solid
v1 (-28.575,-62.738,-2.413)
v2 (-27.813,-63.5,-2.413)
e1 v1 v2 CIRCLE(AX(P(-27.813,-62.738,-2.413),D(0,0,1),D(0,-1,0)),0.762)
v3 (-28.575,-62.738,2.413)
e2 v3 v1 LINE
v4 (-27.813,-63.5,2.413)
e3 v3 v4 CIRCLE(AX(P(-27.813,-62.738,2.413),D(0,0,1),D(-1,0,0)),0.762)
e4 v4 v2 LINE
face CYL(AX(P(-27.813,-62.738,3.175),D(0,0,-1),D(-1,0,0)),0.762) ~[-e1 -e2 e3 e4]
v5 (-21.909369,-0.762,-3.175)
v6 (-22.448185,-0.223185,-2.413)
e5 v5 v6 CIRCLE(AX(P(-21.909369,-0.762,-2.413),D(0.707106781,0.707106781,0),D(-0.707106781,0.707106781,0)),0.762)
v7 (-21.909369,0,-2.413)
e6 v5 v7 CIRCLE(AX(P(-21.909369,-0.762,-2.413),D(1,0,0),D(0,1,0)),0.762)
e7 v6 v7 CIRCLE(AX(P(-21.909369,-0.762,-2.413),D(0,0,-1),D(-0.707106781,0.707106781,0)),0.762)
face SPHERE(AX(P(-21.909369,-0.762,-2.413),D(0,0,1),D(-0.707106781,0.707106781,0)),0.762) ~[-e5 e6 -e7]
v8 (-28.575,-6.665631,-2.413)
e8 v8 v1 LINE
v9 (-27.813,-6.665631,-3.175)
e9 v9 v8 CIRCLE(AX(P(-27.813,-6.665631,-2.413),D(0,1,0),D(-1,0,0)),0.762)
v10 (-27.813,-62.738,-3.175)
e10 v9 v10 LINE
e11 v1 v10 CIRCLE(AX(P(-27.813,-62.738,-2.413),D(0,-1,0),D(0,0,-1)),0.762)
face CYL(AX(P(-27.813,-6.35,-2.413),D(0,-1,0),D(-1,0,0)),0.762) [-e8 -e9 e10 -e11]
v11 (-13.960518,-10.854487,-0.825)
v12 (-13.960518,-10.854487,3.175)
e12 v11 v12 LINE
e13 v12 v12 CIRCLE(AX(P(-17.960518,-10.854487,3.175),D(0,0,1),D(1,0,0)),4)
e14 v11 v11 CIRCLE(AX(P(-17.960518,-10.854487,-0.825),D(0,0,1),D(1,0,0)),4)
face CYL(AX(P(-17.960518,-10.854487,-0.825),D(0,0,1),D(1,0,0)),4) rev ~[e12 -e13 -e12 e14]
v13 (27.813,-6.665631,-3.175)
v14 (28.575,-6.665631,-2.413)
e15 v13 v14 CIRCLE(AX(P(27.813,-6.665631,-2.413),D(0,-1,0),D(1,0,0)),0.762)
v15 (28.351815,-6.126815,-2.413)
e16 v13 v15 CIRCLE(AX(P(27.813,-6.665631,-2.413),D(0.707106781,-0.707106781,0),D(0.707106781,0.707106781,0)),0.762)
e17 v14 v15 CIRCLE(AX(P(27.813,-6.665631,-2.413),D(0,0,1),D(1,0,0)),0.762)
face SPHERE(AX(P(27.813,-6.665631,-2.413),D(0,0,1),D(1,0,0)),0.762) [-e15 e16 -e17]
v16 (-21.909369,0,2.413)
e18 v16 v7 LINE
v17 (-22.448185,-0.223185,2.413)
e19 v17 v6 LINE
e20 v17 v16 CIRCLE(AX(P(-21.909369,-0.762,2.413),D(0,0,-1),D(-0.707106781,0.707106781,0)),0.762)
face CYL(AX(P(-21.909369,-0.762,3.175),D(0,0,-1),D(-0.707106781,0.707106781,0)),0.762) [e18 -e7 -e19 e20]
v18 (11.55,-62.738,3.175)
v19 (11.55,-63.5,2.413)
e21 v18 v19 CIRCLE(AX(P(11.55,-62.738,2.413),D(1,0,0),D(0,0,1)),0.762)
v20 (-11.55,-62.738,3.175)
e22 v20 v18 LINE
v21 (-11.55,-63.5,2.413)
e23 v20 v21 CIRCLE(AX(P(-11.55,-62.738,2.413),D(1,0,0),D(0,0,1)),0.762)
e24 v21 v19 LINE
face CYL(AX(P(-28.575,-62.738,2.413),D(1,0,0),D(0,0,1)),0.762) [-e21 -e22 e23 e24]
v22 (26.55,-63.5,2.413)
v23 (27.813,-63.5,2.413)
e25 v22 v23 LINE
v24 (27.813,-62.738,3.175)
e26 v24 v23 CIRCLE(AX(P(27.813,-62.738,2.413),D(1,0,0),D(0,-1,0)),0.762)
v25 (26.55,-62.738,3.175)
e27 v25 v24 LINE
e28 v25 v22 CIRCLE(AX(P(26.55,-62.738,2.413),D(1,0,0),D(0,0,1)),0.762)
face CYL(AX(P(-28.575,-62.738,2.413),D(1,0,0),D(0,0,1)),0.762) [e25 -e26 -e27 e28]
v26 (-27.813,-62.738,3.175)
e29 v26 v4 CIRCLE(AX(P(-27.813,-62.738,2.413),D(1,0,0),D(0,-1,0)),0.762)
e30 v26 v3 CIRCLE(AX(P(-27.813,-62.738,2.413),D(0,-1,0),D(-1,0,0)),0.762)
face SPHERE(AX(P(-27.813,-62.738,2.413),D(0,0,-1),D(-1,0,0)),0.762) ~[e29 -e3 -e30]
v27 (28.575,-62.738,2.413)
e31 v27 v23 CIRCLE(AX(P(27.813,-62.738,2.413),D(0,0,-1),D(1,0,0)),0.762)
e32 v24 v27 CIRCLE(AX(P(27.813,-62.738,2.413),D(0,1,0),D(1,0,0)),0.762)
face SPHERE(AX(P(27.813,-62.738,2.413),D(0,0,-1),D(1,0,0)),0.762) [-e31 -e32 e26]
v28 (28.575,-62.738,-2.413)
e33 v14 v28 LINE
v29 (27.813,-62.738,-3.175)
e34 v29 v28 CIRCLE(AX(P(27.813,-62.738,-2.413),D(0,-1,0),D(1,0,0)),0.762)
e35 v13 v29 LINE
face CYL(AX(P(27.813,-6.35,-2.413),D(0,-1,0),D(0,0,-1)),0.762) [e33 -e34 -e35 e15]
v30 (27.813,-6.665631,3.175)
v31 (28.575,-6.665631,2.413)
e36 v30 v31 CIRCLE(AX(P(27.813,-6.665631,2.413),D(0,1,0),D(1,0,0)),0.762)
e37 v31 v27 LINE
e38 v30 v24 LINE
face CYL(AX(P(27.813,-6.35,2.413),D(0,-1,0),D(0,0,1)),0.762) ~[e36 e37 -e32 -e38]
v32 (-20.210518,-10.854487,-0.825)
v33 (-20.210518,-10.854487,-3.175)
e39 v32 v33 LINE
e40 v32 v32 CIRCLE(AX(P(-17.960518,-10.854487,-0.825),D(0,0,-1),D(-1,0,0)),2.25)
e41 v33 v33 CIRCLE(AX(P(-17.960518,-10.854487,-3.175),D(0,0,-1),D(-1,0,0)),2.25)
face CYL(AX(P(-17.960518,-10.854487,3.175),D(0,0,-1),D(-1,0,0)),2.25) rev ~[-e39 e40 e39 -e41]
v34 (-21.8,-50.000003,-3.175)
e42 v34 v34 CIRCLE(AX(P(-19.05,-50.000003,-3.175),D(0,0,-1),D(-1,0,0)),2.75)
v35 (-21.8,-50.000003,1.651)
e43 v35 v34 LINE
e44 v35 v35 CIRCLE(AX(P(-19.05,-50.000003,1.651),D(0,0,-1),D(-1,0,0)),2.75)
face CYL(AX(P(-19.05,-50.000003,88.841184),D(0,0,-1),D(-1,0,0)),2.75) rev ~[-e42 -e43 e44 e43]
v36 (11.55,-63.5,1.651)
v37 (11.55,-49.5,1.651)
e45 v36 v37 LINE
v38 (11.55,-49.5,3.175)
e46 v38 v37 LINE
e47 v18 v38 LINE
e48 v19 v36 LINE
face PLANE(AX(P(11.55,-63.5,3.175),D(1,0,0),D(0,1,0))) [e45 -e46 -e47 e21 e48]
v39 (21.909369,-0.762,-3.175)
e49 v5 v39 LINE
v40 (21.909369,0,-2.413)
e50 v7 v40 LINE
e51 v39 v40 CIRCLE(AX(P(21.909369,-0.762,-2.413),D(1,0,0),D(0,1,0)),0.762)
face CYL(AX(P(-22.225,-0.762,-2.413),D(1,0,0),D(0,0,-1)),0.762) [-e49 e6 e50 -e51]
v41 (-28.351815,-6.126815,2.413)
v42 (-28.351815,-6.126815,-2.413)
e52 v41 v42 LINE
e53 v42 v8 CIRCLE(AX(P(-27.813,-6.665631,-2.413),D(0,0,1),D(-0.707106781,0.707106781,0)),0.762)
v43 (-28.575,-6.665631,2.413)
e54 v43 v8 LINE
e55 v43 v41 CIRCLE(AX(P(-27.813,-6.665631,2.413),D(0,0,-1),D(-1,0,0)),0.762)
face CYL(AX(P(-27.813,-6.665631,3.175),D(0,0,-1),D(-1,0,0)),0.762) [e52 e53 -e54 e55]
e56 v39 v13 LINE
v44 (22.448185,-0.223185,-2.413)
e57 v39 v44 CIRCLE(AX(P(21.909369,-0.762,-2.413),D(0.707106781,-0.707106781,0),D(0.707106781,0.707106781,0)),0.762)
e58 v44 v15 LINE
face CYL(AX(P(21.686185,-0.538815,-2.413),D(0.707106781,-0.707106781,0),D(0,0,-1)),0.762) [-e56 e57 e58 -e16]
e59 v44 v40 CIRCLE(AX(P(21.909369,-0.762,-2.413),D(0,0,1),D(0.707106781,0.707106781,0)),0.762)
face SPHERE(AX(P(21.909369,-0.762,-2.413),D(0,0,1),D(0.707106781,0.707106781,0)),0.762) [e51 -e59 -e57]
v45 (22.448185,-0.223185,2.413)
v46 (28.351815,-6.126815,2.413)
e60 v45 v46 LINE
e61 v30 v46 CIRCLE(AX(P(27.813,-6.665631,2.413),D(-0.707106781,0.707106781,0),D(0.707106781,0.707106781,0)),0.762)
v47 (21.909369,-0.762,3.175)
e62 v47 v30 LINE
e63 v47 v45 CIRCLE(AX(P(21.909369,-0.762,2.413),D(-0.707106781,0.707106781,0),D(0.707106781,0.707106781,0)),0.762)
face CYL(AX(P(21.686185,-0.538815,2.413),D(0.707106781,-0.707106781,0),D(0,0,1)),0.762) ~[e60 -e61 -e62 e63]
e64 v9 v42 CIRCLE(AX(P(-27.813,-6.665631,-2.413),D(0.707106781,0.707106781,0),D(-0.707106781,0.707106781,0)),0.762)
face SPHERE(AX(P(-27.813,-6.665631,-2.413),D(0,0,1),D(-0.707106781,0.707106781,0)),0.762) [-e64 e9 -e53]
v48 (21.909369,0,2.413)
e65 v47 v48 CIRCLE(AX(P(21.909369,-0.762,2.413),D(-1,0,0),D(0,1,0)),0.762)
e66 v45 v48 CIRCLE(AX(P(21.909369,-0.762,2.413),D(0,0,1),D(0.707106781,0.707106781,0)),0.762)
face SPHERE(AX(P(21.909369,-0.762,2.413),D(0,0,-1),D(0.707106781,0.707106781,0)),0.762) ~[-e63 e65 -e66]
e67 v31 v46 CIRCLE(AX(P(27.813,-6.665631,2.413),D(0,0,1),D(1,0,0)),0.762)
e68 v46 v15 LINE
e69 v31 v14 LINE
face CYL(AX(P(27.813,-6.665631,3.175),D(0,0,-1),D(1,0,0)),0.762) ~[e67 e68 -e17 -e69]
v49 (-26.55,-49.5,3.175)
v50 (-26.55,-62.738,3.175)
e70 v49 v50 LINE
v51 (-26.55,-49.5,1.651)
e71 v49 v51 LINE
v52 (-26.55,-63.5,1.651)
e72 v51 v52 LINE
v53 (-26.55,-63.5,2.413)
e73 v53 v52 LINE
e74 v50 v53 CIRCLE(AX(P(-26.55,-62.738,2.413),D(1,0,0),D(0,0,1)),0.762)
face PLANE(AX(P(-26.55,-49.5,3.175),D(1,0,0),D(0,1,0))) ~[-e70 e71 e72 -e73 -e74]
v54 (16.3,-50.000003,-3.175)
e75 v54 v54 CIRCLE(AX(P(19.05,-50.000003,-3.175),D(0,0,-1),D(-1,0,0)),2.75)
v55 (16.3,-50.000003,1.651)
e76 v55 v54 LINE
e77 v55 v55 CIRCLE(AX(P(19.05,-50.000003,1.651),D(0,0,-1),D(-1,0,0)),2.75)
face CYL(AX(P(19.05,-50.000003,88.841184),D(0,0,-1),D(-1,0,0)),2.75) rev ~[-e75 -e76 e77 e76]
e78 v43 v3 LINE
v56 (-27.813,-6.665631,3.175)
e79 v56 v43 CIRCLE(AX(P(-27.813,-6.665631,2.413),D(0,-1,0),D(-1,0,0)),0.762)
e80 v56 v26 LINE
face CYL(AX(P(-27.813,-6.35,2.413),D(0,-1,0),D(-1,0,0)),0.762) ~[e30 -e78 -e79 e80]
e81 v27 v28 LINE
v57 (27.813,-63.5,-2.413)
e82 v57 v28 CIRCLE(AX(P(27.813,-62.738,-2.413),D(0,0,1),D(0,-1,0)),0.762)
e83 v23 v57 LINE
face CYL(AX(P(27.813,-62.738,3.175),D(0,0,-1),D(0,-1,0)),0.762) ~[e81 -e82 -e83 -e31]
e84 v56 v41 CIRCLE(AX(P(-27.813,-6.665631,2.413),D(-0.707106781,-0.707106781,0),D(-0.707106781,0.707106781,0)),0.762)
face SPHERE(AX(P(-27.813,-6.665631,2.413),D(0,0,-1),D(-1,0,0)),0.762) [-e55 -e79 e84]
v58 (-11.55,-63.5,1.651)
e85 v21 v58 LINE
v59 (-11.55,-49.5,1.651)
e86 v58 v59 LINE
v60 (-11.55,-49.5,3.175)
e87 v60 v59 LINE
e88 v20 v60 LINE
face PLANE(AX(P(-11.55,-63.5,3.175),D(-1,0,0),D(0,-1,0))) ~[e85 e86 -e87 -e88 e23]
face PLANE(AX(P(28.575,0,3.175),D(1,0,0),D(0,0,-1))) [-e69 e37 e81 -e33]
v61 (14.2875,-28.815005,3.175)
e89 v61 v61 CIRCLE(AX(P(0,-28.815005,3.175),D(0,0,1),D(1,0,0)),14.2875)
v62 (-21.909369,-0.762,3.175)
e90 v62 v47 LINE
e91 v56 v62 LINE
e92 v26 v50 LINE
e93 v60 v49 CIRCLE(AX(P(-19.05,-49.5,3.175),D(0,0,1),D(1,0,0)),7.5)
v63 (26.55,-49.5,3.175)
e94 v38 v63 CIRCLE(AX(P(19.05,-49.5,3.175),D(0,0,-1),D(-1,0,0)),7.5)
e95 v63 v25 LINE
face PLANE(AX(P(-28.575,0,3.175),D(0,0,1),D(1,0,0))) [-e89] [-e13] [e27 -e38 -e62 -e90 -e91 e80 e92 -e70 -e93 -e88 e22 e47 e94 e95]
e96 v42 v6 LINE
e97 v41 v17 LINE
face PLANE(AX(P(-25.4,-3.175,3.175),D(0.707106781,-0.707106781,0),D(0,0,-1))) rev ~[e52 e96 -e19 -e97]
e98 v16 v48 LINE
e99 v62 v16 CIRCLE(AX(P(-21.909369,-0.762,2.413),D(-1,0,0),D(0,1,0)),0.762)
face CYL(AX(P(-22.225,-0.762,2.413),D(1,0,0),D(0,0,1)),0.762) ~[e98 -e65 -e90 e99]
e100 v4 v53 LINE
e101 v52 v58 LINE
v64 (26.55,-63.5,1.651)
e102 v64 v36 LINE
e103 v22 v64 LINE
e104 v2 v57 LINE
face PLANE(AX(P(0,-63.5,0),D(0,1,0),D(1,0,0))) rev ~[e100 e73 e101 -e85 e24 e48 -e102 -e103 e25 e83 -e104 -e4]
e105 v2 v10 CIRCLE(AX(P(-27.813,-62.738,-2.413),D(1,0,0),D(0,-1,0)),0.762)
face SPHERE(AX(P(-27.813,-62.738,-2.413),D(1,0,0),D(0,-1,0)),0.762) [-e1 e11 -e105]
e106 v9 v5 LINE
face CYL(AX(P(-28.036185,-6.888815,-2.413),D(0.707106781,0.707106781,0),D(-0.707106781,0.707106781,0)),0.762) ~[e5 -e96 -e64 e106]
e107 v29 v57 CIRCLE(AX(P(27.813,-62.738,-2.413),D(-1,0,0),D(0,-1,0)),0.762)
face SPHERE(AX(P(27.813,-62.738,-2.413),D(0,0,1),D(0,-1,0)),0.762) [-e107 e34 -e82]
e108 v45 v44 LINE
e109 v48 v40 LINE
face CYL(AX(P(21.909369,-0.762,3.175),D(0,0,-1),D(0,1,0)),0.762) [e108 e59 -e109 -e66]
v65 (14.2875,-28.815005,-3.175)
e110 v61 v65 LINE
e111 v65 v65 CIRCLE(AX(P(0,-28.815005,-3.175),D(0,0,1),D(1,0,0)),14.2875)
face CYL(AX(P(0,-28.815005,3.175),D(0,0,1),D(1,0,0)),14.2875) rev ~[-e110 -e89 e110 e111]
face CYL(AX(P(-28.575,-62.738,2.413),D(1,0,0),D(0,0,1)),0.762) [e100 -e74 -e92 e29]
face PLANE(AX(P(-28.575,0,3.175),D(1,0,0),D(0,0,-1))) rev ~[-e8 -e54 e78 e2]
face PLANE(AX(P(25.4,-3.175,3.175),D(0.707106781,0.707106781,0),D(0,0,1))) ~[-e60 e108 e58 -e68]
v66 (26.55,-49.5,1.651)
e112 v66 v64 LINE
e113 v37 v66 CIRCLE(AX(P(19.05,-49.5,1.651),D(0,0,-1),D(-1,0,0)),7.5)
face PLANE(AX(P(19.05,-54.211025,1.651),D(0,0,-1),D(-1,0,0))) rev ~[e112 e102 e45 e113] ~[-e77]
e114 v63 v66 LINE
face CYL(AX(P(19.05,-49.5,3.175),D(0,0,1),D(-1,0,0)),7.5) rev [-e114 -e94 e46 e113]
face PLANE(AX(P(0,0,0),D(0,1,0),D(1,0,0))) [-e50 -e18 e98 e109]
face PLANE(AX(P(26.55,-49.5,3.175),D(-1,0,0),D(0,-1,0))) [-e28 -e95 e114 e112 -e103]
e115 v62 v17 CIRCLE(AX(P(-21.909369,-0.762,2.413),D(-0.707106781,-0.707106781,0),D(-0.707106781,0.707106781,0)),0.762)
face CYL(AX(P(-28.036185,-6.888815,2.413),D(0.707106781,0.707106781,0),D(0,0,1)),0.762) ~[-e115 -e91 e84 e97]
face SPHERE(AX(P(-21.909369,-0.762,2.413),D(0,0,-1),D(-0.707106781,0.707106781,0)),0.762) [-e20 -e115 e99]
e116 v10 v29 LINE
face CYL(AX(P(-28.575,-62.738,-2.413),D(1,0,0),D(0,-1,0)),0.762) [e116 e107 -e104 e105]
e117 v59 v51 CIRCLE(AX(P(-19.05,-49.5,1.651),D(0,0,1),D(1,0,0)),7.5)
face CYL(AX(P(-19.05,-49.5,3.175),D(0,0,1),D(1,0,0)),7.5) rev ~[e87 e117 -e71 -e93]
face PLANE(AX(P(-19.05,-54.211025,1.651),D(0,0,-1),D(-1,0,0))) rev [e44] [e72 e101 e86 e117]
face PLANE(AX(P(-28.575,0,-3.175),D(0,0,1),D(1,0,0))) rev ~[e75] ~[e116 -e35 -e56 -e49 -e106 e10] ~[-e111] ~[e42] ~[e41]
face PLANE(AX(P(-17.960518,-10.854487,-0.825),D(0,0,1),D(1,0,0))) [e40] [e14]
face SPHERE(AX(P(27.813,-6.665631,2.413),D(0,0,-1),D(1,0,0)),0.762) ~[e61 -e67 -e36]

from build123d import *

# Parameters (mm, degrees)
SKETCH2_W                      = 57.15
SKETCH2_H                      = 6.35
BOSS_EXTRUDE1_DEPTH            = 63.5
SKETCH3_R                      = 14.2875
CUT_EXTRUDE1_DEPTH             = 70.922121857
CHAMFER1_SIZE                  = 6.35
M5_CLEARANCE_HOLE1_D           = 5.5
FILLET1_R                      = 0.762
CUT_EXTRUDE4_DEPTH             = 1.524
CBORE_FOR_M4_SHCS2_D           = 4.5
CBORE_FOR_M4_SHCS2_CBORE_D     = 8
CBORE_FOR_M4_SHCS2_CBORE_DEPTH = 4


with BuildPart() as part:
    # Sketch2 → Boss-Extrude1 (new body)
    with BuildSketch(Plane(origin=(0, 0, 0), x_dir=(1, 0, 0), z_dir=(0, 1, 0))):
        Rectangle(SKETCH2_W, SKETCH2_H)
    extrude(amount=-BOSS_EXTRUDE1_DEPTH)

    # Sketch3 → Cut-Extrude1 (cut, through all)
    with BuildSketch(Plane.XY.offset(3.175)):
        with Locations((0, -28.8150046)):
            Circle(SKETCH3_R)
    extrude(amount=-CUT_EXTRUDE1_DEPTH, mode=Mode.SUBTRACT)

    # Chamfer1
    chamfer1_edges = [part.edges().sort_by_distance(p)[0] for p in [
        (28.575, 0, 0),
        (-28.575, 0, 0),
    ]]
    chamfer(chamfer1_edges, length=CHAMFER1_SIZE)

    # M5 Clearance Hole1 (through all)
    with Locations(Plane.XY.offset(3.175)):
        with Locations((-19.05, -50.000003124), (19.05, -50.000003124)):
            Hole(M5_CLEARANCE_HOLE1_D / 2)

    # Fillet1
    fillet1_edges = [part.edges().sort_by_distance(p)[0] for p in [
        (28.575, -63.5, 0),
        (0, -63.5, -3.175),
        (0, 0, 3.175),
        (0, 0, -3.175),
        (22.225, 0, 0),
        (-22.225, 0, 0),
        (25.4, -3.175, 3.175),
        (-25.4, -3.175, 3.175),
        (-28.575, -6.35, 0),
        (25.4, -3.175, -3.175),
        (-25.4, -3.175, -3.175),
        (28.575, -6.35, 0),
        (-28.575, -63.5, 0),
        (-28.575, -34.925, -3.175),
        (28.575, -34.925, -3.175),
        (28.575, -34.925, 3.175),
        (-28.575, -34.925, 3.175),
        (0, -63.5, 3.175),
    ]]
    fillet(fillet1_edges, radius=FILLET1_R)

    # Sketch8 → Cut-Extrude4 (cut)
    with BuildSketch(Plane.XY.offset(3.175)):
        with BuildLine():
            Line((11.55, -63.5), (11.55, -49.5))
            ThreePointArc((11.55, -49.5), (19.05, -42), (26.55, -49.5))
            Line((26.55, -49.5), (26.55, -63.5))
            Line((26.55, -63.5), (11.55, -63.5))
        make_face()
    cut_extrude4 = extrude(amount=-CUT_EXTRUDE4_DEPTH, mode=Mode.SUBTRACT)

    # Mirror1: Cut-Extrude4 across plane
    add(cut_extrude4.mirror(Plane(origin=(0, 0, 0), x_dir=(0, 0, 1), z_dir=(1, 0, 0))), mode=Mode.SUBTRACT)

    # CBORE for M4 SHCS2 (through all)
    with Locations(Plane.XY.offset(3.175)):
        with Locations((-17.9605178, -10.8544868)):
            CounterBoreHole(CBORE_FOR_M4_SHCS2_D / 2, CBORE_FOR_M4_SHCS2_CBORE_D / 2, CBORE_FOR_M4_SHCS2_CBORE_DEPTH)


solid = part.part
